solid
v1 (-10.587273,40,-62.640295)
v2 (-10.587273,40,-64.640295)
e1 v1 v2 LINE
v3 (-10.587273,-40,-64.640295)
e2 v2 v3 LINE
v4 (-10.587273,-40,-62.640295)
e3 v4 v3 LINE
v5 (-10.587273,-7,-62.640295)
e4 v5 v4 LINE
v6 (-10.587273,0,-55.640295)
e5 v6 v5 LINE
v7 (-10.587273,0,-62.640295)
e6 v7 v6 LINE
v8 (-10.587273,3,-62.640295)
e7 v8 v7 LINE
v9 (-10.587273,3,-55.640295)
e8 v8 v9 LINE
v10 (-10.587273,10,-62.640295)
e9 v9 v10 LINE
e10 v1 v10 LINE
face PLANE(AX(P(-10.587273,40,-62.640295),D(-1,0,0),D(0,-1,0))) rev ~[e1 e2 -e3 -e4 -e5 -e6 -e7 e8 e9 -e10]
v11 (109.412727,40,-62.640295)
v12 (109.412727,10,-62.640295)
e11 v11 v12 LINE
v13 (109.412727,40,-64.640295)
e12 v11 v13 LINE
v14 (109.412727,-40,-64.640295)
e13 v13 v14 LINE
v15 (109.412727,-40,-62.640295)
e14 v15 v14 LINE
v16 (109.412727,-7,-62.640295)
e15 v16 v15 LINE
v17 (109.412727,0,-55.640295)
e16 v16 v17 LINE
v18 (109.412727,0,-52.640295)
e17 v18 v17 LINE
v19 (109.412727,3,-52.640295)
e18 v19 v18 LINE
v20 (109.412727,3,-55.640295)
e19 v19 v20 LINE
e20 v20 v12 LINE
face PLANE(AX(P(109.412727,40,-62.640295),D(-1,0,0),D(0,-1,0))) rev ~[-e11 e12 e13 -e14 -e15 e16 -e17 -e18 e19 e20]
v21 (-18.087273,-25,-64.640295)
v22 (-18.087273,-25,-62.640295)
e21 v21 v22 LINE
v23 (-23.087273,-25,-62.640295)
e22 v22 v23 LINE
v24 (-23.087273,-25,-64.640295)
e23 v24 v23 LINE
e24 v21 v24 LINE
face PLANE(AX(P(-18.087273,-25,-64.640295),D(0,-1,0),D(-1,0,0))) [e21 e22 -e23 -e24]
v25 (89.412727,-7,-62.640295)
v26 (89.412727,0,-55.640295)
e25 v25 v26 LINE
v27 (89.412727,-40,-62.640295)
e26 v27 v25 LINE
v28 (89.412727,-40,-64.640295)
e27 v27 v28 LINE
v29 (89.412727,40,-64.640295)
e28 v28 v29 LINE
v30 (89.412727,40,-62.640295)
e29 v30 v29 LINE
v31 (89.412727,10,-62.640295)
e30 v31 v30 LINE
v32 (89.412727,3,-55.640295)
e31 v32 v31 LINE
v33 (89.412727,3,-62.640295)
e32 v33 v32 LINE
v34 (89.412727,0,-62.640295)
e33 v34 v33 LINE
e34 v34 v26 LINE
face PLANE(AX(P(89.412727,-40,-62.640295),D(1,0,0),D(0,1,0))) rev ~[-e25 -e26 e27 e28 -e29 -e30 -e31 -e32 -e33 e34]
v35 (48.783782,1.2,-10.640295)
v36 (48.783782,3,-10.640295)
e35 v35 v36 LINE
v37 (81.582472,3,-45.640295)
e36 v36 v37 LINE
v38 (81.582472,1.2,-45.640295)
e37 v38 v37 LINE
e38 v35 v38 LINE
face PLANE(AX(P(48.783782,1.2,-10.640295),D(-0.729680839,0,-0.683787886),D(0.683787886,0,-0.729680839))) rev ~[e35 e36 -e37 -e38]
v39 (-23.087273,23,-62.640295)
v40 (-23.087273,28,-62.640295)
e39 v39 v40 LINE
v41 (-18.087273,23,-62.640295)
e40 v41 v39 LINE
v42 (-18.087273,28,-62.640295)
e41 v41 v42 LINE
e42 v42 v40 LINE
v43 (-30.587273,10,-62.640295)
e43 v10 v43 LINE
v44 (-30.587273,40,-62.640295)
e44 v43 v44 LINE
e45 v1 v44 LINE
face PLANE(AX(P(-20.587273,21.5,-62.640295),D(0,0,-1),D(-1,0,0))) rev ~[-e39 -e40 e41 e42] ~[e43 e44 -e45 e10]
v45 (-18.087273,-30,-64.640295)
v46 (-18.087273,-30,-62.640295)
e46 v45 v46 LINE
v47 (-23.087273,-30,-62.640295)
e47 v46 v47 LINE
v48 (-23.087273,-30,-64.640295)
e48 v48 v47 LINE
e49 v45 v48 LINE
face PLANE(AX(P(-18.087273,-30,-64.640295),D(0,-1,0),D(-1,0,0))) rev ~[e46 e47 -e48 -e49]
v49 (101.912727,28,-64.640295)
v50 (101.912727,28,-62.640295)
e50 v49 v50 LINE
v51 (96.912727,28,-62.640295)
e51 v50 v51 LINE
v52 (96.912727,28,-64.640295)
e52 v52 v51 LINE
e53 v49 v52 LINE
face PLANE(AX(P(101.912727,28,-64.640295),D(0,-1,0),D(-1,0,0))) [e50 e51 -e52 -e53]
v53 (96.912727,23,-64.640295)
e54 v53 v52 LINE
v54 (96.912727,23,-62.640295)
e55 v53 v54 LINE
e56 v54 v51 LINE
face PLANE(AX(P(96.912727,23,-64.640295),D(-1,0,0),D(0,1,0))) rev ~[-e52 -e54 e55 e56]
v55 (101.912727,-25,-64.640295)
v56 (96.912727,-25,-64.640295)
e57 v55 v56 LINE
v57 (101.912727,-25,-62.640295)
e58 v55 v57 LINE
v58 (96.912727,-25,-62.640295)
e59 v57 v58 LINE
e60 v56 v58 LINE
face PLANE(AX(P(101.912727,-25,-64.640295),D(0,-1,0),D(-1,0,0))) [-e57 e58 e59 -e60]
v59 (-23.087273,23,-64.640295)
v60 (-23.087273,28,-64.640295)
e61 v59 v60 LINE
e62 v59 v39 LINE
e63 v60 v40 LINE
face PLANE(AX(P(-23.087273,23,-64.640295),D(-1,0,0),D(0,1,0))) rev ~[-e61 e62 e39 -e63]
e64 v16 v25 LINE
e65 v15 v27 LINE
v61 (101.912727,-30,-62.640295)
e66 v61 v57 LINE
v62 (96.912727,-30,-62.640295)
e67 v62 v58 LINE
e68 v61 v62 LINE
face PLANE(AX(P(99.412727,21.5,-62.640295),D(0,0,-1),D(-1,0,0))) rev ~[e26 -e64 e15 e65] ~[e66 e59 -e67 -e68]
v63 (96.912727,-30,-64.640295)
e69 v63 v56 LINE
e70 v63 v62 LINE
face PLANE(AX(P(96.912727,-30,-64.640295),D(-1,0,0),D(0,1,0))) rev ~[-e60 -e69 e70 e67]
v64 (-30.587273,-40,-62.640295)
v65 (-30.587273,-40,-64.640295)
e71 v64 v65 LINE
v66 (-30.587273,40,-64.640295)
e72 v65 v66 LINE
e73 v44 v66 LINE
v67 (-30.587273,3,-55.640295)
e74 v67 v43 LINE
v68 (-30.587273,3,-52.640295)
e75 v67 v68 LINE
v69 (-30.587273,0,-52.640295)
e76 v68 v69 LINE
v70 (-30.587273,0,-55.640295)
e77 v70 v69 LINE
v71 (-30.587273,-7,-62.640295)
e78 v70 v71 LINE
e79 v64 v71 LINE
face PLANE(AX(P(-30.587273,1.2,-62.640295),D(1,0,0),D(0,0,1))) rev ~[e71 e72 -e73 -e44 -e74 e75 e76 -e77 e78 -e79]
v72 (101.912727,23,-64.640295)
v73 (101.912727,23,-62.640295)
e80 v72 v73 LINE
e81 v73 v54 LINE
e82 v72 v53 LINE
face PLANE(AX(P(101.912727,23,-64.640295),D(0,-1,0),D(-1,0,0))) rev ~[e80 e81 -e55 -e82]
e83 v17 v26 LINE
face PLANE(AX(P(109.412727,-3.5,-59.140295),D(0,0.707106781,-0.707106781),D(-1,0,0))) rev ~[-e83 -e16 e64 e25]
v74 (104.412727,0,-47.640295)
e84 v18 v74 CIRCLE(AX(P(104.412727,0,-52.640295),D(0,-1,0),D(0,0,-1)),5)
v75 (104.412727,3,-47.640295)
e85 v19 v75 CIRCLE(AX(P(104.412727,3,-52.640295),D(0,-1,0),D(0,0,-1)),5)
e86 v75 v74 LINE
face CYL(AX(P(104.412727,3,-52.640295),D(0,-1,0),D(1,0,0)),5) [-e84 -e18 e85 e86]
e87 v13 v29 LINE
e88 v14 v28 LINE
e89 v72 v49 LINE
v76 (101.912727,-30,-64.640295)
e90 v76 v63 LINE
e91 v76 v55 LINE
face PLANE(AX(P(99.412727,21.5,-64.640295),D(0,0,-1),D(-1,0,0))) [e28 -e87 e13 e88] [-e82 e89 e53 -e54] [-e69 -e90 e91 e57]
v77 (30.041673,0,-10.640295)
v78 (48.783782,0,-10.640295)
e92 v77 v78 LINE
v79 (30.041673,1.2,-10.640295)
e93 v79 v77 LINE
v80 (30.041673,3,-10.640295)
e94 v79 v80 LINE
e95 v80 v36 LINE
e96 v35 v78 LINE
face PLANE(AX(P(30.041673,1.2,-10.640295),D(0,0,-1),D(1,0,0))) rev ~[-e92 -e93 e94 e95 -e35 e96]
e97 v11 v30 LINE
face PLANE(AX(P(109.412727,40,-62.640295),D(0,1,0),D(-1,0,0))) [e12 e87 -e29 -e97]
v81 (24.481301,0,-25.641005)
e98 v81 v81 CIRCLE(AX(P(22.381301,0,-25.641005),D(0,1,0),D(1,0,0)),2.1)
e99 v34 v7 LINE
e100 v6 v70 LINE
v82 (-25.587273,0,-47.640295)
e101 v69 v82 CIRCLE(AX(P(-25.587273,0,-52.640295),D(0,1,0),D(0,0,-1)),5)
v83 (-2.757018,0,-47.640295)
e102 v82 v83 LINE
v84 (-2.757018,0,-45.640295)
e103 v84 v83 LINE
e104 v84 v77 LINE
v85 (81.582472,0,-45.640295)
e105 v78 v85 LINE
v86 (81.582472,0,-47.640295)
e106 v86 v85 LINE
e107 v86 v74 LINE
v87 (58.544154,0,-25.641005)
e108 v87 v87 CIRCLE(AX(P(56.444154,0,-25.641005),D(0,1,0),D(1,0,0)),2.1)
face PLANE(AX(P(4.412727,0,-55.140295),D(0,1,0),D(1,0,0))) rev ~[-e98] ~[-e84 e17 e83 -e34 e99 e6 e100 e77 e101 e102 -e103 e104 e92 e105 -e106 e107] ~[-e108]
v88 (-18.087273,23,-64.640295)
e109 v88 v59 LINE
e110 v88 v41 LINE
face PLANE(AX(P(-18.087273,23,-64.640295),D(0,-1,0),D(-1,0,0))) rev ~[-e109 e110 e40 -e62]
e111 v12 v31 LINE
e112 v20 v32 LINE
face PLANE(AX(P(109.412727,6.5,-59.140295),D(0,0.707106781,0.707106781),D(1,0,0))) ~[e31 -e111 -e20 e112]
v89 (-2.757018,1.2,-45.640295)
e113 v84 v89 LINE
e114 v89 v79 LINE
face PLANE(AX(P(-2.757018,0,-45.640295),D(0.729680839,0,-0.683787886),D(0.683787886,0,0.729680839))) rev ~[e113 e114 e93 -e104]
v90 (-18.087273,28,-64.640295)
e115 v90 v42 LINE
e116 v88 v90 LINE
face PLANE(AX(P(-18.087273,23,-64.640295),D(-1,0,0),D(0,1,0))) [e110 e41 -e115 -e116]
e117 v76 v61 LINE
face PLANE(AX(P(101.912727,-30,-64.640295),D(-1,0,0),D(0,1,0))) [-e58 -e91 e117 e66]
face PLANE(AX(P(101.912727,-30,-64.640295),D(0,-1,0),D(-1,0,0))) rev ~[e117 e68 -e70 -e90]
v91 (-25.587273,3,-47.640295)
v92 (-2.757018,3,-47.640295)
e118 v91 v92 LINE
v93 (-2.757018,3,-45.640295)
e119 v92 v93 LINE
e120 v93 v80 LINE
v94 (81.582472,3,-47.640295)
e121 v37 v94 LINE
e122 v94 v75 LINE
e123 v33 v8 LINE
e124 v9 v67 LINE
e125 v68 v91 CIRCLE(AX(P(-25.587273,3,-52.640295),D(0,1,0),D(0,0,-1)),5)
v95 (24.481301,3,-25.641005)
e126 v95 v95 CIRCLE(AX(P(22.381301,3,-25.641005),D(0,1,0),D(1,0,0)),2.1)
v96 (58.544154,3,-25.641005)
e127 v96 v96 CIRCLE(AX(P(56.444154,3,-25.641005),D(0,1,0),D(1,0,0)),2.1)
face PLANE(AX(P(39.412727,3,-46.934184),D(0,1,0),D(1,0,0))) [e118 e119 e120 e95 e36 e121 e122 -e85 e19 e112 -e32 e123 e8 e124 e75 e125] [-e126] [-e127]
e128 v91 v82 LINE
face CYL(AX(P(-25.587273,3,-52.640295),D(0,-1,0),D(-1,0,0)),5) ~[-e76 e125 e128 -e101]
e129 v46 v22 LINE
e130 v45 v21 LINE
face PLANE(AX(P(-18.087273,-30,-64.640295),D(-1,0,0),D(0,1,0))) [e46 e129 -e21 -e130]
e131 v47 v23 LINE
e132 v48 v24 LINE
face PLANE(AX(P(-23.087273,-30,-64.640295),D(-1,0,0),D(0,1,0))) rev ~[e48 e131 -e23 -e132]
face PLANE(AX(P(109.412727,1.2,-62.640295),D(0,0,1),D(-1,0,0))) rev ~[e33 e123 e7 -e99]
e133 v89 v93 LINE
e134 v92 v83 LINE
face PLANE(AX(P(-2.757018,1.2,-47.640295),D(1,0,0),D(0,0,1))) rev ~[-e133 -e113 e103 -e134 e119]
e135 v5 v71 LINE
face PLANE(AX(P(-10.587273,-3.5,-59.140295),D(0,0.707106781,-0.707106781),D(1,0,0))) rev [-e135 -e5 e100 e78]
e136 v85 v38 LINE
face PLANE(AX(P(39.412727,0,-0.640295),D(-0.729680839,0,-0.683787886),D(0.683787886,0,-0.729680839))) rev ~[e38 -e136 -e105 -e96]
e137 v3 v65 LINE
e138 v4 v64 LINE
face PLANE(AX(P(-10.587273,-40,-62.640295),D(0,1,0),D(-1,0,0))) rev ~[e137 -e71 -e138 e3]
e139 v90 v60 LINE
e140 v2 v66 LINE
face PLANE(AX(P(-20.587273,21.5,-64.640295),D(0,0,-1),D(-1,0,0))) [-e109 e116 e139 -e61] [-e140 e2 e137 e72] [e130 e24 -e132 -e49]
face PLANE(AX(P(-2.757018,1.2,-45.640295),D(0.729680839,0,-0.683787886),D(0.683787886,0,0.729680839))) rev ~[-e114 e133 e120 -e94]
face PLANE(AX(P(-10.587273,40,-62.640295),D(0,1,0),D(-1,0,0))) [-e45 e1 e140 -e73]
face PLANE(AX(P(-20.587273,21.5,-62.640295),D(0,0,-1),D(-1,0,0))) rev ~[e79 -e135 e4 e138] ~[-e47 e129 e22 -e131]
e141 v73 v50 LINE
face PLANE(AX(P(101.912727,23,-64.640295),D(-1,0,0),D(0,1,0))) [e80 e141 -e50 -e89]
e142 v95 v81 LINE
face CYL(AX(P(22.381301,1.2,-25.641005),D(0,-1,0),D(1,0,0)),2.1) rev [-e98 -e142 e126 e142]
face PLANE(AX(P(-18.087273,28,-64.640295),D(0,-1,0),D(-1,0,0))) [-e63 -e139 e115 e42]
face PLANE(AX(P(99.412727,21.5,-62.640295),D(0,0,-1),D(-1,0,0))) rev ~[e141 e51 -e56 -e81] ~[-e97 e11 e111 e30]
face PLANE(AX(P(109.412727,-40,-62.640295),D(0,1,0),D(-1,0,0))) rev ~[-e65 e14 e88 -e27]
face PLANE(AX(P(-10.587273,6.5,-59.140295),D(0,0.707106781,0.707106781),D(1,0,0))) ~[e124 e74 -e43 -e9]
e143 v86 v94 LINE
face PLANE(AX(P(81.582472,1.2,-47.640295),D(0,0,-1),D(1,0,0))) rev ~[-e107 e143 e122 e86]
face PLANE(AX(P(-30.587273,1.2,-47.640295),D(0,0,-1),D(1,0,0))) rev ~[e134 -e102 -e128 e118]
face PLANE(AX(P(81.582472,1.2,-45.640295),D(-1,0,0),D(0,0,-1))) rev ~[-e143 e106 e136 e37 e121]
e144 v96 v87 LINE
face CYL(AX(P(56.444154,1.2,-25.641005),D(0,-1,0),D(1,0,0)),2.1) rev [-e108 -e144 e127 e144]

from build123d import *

# Parameters (mm, degrees)
SKETCH4_R           = 2.1
BOSS_EXTRUDE3_DEPTH = 1.2
SKETCH5_W           = 84.339489928
SKETCH5_H           = 2
BOSS_EXTRUDE4_DEPTH = 2.4
SKETCH6_R           = 2.1
BOSS_EXTRUDE5_DEPTH = 1.2
SKETCH7_W           = 104.067802039
SKETCH7_H           = 60.652447956
CUT_EXTRUDE1_DEPTH  = 3.6
BOSS_EXTRUDE6_DEPTH = 1.2
CUT_EXTRUDE2_DEPTH  = 10
SKETCH10_R          = 2.1
BOSS_EXTRUDE7_DEPTH = 1.8
SKETCH11_W          = 20
SKETCH11_H          = 37
SKETCH11_H_2        = 40
SKETCH11_H_3        = 3
BOSS_EXTRUDE8_DEPTH = 2
SKETCH12_W          = 5
SKETCH12_H          = 5
CUT_EXTRUDE3_DEPTH  = 22
CHAMFER2_SIZE       = 7
FILLET1_R           = 5


with BuildPart() as part:
    # Sketch4 → Boss-Extrude3 (new body)
    with BuildSketch(Plane(origin=(0, 0, 0), x_dir=(1, 0, 0), z_dir=(0, 1, 0))):
        Polygon((39.4127274, 47.640295112), (-2.757017564, 47.640295112), (-2.757017564, 45.640295112), (39.4127274, 0.640295112), align=None)
        with Locations((22.381300815, 25.64100497)):
            Circle(SKETCH4_R, mode=Mode.SUBTRACT)
        Polygon((81.582472364, 47.640295112), (39.4127274, 47.640295112), (39.4127274, 0.640295112), (81.582472364, 45.640295112), align=None)
        with Locations((56.444153985, 25.64100497)):
            Circle(SKETCH4_R, mode=Mode.SUBTRACT)
    extrude(amount=BOSS_EXTRUDE3_DEPTH)

    # Sketch5 → Boss-Extrude4 (add)
    with BuildSketch(Plane(origin=(0, 0, 0), x_dir=(-1, 0, 0), z_dir=(0, -1, 0))):
        with Locations((-39.4127274, 46.640295112)):
            Rectangle(SKETCH5_W, SKETCH5_H)
    extrude(amount=BOSS_EXTRUDE4_DEPTH)

    # Sketch6 → Boss-Extrude5 (add)
    with BuildSketch(Plane(origin=(0, -2.4, 0), x_dir=(-1, 0, 0), z_dir=(0, -1, 0))):
        Polygon((2.757017564, 47.640295112), (-81.582472364, 47.640295112), (-81.582472364, 45.640295112), (-39.4127274, 0.640295112), (2.757017564, 45.640295112), align=None)
        with Locations((-22.381300815, 25.64100497)):
            Circle(SKETCH6_R, mode=Mode.SUBTRACT)
        with Locations((-56.444153985, 25.64100497)):
            Circle(SKETCH6_R, mode=Mode.SUBTRACT)
    extrude(amount=BOSS_EXTRUDE5_DEPTH)

    # Sketch7 → Cut-Extrude1 (cut)
    with BuildSketch(Plane(origin=(0, -3.6, 0), x_dir=(-1, 0, 0), z_dir=(0, -1, 0))):
        with Locations((-36.785683682, 25.144953811)):
            Rectangle(SKETCH7_W, SKETCH7_H)
    extrude(amount=-CUT_EXTRUDE1_DEPTH, mode=Mode.SUBTRACT)

    # Sketch8 → Boss-Extrude6 (add)
    with BuildSketch(Plane(origin=(0, 1.2, 0), x_dir=(1, 0, 0), z_dir=(0, 1, 0))):
        Polygon((-2.757017564, 47.640295112), (39.4127274, 47.640295112), (39.4127274, 62.640295112), (-30.5872726, 62.640295112), (-30.5872726, 47.640295112), align=None)
        Polygon((81.582472364, 47.640295112), (109.4127274, 47.640295112), (109.4127274, 62.640295112), (39.4127274, 62.640295112), (39.4127274, 47.640295112), align=None)
    extrude(amount=-BOSS_EXTRUDE6_DEPTH)

    # Sketch9 → Cut-Extrude2 (cut)
    with BuildSketch(Plane(origin=(0, 1.2, 0), x_dir=(1, 0, 0), z_dir=(0, 1, 0))):
        Polygon((30.041672963, 10.640295112), (48.783781837, 10.640295112), (39.4127274, 0.640295112), align=None)
    extrude(amount=-CUT_EXTRUDE2_DEPTH, mode=Mode.SUBTRACT)

    # Sketch10 → Boss-Extrude7 (add)
    with BuildSketch(Plane(origin=(0, 1.2, 0), x_dir=(1, 0, 0), z_dir=(0, 1, 0))):
        Polygon((-2.757017564, 47.640295112), (-2.757017564, 45.640295112), (30.041672963, 10.640295112), (48.783781837, 10.640295112), (81.582472364, 45.640295112), (81.582472364, 47.640295112), (109.4127274, 47.640295112), (109.4127274, 62.640295112), (-30.5872726, 62.640295112), (-30.5872726, 47.640295112), align=None)
        with Locations((22.381300815, 25.64100497)):
            Circle(SKETCH10_R, mode=Mode.SUBTRACT)
        with Locations((56.444153985, 25.64100497)):
            Circle(SKETCH10_R, mode=Mode.SUBTRACT)
    extrude(amount=BOSS_EXTRUDE7_DEPTH)

    # Sketch11 → Boss-Extrude8 (add)
    with BuildSketch(Plane(origin=(0, 0, -62.640295112), x_dir=(-1, 0, 0), z_dir=(0, 0, -1))):
        with Locations((-99.4127274, 21.5)):
            Rectangle(SKETCH11_W, SKETCH11_H)
        with Locations((-99.4127274, -20)):
            Rectangle(SKETCH11_W, SKETCH11_H_2)
        with Locations((-99.4127274, 1.5)):
            Rectangle(SKETCH11_W, SKETCH11_H_3)
        with Locations((20.5872726, 21.5)):
            Rectangle(SKETCH11_W, SKETCH11_H)
        with Locations((20.5872726, 1.5)):
            Rectangle(SKETCH11_W, SKETCH11_H_3)
        with Locations((20.5872726, -20)):
            Rectangle(SKETCH11_W, SKETCH11_H_2)
    extrude(amount=BOSS_EXTRUDE8_DEPTH)

    # Sketch12 → Cut-Extrude3 (cut)
    with BuildSketch(Plane(origin=(0, 0, -64.640295112), x_dir=(-1, 0, 0), z_dir=(0, 0, -1))):
        with Locations((-99.4127274, 25.5)):
            Rectangle(SKETCH12_W, SKETCH12_H)
        with Locations((-99.4127274, -27.5)):
            Rectangle(SKETCH12_W, SKETCH12_H)
        with Locations((20.5872726, -27.5)):
            Rectangle(SKETCH12_W, SKETCH12_H)
        with Locations((20.5872726, 25.5)):
            Rectangle(SKETCH12_W, SKETCH12_H)
    extrude(amount=-CUT_EXTRUDE3_DEPTH, mode=Mode.SUBTRACT)

    # Chamfer2
    chamfer2_edges = [part.edges().sort_by_distance(p)[0] for p in [
        (-20.5872726, 0, -62.640295112),
        (99.4127274, 3, -62.640295112),
        (99.4127274, 0, -62.640295112),
        (-20.5872726, 3, -62.640295112),
    ]]
    chamfer(chamfer2_edges, length=CHAMFER2_SIZE)

    # Fillet1
    fillet1_edges = [part.edges().sort_by_distance(p)[0] for p in [
        (109.4127274, 1.5, -47.640295112),
        (-30.5872726, 1.5, -47.640295112),
    ]]
    fillet(fillet1_edges, radius=FILLET1_R)


solid = part.part
